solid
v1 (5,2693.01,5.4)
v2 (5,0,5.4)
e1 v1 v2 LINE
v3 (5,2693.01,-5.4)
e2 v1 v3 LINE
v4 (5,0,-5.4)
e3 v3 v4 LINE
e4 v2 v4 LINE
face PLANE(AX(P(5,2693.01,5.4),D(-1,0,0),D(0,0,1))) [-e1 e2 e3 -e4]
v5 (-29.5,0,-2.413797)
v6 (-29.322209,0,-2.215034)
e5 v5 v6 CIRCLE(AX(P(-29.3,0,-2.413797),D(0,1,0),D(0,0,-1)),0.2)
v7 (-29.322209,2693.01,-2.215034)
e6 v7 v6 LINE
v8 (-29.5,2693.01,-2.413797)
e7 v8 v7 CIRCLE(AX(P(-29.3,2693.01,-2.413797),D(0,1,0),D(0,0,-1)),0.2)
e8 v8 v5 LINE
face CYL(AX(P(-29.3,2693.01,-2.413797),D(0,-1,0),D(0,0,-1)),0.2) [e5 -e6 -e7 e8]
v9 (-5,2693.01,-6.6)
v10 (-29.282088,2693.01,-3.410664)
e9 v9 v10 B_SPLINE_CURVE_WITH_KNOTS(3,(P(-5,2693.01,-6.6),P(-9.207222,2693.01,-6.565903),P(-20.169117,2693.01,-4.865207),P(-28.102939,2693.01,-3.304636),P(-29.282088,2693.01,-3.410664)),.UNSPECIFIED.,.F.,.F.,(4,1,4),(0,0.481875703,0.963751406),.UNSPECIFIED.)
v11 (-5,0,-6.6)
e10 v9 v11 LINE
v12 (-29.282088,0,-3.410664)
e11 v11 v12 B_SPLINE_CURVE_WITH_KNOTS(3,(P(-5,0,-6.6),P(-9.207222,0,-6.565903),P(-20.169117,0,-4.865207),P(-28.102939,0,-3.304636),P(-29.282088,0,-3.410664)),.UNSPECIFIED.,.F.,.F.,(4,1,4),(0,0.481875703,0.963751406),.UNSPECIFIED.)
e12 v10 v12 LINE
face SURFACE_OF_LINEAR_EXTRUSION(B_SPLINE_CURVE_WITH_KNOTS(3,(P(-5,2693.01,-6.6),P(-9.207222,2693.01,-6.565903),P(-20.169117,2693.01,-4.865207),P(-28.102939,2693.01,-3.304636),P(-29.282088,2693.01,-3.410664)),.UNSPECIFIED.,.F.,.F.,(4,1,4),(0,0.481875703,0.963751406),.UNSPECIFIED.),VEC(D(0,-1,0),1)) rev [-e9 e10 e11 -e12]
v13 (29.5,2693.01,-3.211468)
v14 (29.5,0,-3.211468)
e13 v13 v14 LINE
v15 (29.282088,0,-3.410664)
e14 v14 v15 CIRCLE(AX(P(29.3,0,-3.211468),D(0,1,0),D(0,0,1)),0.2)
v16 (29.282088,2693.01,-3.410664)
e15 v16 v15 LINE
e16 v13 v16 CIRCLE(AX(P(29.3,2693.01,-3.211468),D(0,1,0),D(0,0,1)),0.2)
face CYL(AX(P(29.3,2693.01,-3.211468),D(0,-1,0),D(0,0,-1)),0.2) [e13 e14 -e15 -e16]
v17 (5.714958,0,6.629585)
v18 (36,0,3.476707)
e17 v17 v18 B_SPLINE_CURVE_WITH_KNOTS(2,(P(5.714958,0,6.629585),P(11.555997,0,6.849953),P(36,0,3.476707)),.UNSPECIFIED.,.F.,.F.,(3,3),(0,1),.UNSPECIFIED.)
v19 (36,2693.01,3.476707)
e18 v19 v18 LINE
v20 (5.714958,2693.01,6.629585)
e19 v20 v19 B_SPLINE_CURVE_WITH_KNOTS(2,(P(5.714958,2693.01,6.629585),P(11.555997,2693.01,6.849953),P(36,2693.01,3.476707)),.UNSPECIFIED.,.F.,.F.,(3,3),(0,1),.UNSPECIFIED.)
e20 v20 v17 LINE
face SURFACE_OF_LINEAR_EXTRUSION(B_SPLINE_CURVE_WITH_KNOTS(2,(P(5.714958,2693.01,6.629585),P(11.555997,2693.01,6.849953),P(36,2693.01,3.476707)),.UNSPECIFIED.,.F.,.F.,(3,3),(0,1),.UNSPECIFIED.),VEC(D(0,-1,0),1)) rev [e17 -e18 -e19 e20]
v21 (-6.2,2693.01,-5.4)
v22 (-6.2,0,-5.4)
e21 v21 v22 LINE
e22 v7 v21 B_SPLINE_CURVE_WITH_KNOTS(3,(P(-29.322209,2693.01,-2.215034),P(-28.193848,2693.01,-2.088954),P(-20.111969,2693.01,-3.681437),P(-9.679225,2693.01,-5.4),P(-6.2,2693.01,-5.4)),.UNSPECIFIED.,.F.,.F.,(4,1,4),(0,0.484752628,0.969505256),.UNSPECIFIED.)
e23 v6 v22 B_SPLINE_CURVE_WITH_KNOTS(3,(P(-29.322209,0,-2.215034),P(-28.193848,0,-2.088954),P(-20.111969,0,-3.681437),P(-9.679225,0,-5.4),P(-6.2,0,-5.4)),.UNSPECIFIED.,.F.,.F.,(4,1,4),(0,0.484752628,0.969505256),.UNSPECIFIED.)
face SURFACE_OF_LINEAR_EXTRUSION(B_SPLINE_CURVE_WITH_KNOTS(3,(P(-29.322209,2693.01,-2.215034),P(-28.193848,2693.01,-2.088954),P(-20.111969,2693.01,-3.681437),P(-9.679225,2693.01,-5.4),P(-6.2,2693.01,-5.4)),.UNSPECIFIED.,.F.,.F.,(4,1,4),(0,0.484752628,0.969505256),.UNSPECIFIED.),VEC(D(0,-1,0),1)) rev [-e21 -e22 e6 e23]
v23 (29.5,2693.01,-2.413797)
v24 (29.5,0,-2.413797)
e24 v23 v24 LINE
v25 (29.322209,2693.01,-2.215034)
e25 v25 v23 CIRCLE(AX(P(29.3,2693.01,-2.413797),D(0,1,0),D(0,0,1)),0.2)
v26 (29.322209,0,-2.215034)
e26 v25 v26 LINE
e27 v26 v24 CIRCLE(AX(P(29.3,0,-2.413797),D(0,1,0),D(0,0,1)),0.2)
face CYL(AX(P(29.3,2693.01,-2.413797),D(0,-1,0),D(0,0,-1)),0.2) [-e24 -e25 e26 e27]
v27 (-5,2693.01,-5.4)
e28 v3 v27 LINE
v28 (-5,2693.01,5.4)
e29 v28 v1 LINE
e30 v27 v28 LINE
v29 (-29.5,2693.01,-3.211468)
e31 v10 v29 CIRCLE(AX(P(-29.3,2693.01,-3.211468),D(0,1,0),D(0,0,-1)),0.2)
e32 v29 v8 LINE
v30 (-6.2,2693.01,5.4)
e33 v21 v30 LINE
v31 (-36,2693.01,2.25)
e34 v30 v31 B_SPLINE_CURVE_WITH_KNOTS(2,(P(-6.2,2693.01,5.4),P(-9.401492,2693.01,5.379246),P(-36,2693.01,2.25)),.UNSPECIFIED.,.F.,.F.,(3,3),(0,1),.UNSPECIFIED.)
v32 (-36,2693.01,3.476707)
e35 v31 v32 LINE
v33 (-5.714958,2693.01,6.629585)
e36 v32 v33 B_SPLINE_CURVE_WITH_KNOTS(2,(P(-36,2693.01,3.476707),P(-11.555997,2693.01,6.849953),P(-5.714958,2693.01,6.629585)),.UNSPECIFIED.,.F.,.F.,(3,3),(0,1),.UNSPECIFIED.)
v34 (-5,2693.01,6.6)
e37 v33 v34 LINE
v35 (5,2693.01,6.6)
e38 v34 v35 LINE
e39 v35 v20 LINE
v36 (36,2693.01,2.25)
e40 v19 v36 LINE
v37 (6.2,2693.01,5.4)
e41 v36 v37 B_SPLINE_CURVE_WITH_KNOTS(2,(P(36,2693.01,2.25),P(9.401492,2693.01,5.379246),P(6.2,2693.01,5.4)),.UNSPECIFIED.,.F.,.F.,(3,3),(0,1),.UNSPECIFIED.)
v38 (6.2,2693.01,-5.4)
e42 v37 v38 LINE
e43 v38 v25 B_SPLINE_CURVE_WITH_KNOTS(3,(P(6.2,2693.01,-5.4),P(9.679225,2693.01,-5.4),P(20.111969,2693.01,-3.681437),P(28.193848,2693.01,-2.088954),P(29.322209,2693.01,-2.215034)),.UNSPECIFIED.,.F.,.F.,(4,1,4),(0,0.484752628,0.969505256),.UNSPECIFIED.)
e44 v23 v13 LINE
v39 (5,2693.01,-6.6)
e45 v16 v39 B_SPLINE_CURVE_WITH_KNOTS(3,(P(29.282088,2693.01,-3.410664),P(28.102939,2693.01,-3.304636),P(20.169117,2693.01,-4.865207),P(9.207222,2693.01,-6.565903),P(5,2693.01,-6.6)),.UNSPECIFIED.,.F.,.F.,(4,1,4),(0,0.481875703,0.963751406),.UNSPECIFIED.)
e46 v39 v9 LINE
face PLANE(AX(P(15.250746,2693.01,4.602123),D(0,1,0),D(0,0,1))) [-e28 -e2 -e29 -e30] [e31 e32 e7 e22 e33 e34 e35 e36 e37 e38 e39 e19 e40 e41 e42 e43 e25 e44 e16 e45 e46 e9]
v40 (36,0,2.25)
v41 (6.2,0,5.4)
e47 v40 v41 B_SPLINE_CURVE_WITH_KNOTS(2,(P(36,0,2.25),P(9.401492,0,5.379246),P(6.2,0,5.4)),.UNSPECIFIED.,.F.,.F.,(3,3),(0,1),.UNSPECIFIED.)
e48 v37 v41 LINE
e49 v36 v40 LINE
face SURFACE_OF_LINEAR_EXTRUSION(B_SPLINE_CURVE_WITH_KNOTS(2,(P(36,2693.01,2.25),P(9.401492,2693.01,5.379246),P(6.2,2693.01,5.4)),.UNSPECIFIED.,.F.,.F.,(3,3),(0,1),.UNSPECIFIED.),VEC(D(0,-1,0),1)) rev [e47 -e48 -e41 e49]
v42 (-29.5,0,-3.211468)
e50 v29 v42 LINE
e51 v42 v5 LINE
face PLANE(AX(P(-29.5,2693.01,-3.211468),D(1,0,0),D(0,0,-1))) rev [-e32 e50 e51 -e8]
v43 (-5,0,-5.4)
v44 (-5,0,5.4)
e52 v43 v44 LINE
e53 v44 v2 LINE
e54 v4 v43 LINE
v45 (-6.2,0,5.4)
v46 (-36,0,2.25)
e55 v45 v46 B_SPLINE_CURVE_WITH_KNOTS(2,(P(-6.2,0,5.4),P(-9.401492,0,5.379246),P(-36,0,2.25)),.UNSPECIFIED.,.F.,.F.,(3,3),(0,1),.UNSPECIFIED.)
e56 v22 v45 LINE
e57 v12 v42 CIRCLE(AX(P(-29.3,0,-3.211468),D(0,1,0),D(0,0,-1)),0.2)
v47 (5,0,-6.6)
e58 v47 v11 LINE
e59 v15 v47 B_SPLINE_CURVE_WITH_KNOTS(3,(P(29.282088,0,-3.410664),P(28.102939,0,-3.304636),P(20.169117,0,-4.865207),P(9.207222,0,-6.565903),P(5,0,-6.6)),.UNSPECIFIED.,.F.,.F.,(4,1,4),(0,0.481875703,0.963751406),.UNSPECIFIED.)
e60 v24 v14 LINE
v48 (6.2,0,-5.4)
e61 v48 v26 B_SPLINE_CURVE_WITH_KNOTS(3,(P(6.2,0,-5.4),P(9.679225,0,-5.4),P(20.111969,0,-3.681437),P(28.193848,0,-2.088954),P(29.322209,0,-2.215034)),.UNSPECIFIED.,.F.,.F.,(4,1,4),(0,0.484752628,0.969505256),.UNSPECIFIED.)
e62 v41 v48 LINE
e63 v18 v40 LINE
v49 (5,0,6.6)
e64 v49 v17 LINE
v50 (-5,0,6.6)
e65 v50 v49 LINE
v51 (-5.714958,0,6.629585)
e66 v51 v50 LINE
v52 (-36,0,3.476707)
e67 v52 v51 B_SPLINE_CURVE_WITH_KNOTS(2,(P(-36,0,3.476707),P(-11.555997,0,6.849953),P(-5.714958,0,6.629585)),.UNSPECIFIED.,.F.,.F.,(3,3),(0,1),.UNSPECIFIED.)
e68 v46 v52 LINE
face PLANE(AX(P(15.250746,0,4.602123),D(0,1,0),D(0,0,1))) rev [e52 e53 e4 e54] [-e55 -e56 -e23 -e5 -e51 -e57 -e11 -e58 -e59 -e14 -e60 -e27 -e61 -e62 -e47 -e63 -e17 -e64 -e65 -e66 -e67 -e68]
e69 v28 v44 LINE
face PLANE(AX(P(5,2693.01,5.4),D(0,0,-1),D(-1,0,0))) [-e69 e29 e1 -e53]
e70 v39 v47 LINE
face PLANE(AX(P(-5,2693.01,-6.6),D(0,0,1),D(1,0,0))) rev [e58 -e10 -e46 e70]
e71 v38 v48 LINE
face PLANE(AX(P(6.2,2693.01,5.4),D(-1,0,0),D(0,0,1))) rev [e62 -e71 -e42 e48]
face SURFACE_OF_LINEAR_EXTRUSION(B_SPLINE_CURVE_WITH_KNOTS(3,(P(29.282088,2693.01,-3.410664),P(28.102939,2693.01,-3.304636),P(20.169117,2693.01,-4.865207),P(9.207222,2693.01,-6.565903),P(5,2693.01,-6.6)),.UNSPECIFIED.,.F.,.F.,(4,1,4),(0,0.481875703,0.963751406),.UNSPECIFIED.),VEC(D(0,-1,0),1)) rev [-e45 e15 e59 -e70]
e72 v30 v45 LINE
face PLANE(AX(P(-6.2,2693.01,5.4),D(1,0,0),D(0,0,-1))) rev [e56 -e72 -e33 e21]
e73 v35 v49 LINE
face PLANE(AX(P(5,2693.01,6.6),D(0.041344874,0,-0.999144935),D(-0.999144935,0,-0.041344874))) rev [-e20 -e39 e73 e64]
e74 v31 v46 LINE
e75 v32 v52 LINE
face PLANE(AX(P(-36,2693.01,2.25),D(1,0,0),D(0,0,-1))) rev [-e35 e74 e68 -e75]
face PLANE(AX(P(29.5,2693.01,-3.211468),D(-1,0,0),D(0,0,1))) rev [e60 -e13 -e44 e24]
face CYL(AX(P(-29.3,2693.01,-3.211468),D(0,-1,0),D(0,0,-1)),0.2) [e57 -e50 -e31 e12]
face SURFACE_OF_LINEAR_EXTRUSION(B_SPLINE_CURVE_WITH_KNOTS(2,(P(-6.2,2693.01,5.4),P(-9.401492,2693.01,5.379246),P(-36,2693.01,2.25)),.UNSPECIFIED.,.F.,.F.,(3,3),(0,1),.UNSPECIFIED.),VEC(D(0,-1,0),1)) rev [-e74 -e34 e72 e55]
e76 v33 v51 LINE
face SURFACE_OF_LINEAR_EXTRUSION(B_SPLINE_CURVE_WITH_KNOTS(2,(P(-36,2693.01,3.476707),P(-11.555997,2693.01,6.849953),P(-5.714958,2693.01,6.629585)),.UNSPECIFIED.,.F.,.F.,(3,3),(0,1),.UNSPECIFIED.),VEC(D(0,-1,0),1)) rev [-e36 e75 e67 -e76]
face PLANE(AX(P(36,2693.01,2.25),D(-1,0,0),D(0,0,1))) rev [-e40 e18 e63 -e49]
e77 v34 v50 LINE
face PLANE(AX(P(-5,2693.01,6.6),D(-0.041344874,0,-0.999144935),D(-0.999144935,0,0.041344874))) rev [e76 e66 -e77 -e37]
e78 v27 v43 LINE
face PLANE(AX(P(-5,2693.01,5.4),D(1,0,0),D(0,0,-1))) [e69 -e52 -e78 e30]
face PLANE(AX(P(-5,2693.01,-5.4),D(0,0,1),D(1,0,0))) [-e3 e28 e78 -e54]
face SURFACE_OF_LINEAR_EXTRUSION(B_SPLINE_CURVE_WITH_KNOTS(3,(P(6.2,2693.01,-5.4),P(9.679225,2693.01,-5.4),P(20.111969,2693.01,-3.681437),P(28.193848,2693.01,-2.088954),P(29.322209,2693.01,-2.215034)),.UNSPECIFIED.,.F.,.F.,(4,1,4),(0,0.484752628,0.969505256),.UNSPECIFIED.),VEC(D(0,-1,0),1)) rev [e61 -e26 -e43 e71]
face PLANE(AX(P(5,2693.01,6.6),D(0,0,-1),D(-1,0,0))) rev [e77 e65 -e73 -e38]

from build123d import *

# Parameters (mm, degrees)
BOSS_EXTRUDE1_DEPTH = 2693.01


with BuildPart() as part:
    # Sketch1 → Boss-Extrude1 (new body)
    with BuildSketch(Plane(origin=(0, 0, 0), x_dir=(1, 0, 0), z_dir=(0, 1, 0))):
        with BuildLine():
            Line((-6.2, -5.4), (-6.2, 5.4))
            add(Edge.make_bspline(
                [(-6.2, 5.4), (-9.679225222, 5.4), (-20.111968712, 3.681437455), (-28.193848075, 2.088954494), (-29.32220917, 2.215034077)],
                knots=[0, 0, 0, 0, 0.484752628, 0.969505256, 0.969505256, 0.969505256, 0.969505256], degree=3))
            ThreePointArc((-29.32220917, 2.215034077), (-29.449066821, 2.280458906), (-29.5, 2.413797134))
            Line((-29.5, 2.413797134), (-29.5, 3.21146772))
            ThreePointArc((-29.5, 3.21146772), (-29.434940138, 3.359086008), (-29.282088409, 3.410664042))
            add(Edge.make_bspline(
                [(-5, 6.6), (-9.207222053, 6.565902946), (-20.169116756, 4.865206686), (-28.102938907, 3.304635761), (-29.282088409, 3.410664042)],
                knots=[0, 0, 0, 0, 0.481875703, 0.963751406, 0.963751406, 0.963751406, 0.963751406], degree=3))
            Line((-5, 6.6), (0, 6.6))
            Line((0, 6.6), (5, 6.6))
            add(Edge.make_bspline(
                [(5, 6.6), (9.207222053, 6.565902946), (20.169116756, 4.865206686), (28.102938907, 3.304635761), (29.282088409, 3.410664042)],
                knots=[0, 0, 0, 0, 0.481875703, 0.963751406, 0.963751406, 0.963751406, 0.963751406], degree=3))
            ThreePointArc((29.282088409, 3.410664042), (29.434940138, 3.359086008), (29.5, 3.21146772))
            Line((29.5, 3.21146772), (29.5, 2.413797134))
            ThreePointArc((29.5, 2.413797134), (29.449066821, 2.280458906), (29.32220917, 2.215034077))
            add(Edge.make_bspline(
                [(6.2, 5.4), (9.679225222, 5.4), (20.111968712, 3.681437455), (28.193848075, 2.088954494), (29.32220917, 2.215034077)],
                knots=[0, 0, 0, 0, 0.484752628, 0.969505256, 0.969505256, 0.969505256, 0.969505256], degree=3))
            Line((6.2, 5.4), (6.2, -5.4))
            add(Edge.make_bspline(
                [(36, -2.25), (9.401491969, -5.379245875), (6.2, -5.4)],
                knots=[0, 0, 0, 1, 1, 1], degree=2))
            Line((36, -2.25), (36, -3.476707123))
            add(Edge.make_bspline(
                [(36, -3.476707123), (11.555997324, -6.849953306), (5.714958464, -6.629585165)],
                knots=[0, 0, 0, 1, 1, 1], degree=2))
            Line((5.714958464, -6.629585165), (5, -6.6))
            Line((5, -6.6), (0, -6.6))
            Line((0, -6.6), (-5, -6.6))
            Line((-5, -6.6), (-5.714958464, -6.629585165))
            add(Edge.make_bspline(
                [(-36, -3.476707123), (-11.555997324, -6.849953306), (-5.714958464, -6.629585165)],
                knots=[0, 0, 0, 1, 1, 1], degree=2))
            Line((-36, -3.476707123), (-36, -2.25))
            add(Edge.make_bspline(
                [(-36, -2.25), (-9.401491969, -5.379245875), (-6.2, -5.4)],
                knots=[0, 0, 0, 1, 1, 1], degree=2))
        make_face()
        Polygon((-5, -5.4), (-5, 5.4), (0, 5.4), (5, 5.4), (5, -5.4), (0, -5.4), align=None, mode=Mode.SUBTRACT)
    extrude(amount=BOSS_EXTRUDE1_DEPTH)


solid = part.part
